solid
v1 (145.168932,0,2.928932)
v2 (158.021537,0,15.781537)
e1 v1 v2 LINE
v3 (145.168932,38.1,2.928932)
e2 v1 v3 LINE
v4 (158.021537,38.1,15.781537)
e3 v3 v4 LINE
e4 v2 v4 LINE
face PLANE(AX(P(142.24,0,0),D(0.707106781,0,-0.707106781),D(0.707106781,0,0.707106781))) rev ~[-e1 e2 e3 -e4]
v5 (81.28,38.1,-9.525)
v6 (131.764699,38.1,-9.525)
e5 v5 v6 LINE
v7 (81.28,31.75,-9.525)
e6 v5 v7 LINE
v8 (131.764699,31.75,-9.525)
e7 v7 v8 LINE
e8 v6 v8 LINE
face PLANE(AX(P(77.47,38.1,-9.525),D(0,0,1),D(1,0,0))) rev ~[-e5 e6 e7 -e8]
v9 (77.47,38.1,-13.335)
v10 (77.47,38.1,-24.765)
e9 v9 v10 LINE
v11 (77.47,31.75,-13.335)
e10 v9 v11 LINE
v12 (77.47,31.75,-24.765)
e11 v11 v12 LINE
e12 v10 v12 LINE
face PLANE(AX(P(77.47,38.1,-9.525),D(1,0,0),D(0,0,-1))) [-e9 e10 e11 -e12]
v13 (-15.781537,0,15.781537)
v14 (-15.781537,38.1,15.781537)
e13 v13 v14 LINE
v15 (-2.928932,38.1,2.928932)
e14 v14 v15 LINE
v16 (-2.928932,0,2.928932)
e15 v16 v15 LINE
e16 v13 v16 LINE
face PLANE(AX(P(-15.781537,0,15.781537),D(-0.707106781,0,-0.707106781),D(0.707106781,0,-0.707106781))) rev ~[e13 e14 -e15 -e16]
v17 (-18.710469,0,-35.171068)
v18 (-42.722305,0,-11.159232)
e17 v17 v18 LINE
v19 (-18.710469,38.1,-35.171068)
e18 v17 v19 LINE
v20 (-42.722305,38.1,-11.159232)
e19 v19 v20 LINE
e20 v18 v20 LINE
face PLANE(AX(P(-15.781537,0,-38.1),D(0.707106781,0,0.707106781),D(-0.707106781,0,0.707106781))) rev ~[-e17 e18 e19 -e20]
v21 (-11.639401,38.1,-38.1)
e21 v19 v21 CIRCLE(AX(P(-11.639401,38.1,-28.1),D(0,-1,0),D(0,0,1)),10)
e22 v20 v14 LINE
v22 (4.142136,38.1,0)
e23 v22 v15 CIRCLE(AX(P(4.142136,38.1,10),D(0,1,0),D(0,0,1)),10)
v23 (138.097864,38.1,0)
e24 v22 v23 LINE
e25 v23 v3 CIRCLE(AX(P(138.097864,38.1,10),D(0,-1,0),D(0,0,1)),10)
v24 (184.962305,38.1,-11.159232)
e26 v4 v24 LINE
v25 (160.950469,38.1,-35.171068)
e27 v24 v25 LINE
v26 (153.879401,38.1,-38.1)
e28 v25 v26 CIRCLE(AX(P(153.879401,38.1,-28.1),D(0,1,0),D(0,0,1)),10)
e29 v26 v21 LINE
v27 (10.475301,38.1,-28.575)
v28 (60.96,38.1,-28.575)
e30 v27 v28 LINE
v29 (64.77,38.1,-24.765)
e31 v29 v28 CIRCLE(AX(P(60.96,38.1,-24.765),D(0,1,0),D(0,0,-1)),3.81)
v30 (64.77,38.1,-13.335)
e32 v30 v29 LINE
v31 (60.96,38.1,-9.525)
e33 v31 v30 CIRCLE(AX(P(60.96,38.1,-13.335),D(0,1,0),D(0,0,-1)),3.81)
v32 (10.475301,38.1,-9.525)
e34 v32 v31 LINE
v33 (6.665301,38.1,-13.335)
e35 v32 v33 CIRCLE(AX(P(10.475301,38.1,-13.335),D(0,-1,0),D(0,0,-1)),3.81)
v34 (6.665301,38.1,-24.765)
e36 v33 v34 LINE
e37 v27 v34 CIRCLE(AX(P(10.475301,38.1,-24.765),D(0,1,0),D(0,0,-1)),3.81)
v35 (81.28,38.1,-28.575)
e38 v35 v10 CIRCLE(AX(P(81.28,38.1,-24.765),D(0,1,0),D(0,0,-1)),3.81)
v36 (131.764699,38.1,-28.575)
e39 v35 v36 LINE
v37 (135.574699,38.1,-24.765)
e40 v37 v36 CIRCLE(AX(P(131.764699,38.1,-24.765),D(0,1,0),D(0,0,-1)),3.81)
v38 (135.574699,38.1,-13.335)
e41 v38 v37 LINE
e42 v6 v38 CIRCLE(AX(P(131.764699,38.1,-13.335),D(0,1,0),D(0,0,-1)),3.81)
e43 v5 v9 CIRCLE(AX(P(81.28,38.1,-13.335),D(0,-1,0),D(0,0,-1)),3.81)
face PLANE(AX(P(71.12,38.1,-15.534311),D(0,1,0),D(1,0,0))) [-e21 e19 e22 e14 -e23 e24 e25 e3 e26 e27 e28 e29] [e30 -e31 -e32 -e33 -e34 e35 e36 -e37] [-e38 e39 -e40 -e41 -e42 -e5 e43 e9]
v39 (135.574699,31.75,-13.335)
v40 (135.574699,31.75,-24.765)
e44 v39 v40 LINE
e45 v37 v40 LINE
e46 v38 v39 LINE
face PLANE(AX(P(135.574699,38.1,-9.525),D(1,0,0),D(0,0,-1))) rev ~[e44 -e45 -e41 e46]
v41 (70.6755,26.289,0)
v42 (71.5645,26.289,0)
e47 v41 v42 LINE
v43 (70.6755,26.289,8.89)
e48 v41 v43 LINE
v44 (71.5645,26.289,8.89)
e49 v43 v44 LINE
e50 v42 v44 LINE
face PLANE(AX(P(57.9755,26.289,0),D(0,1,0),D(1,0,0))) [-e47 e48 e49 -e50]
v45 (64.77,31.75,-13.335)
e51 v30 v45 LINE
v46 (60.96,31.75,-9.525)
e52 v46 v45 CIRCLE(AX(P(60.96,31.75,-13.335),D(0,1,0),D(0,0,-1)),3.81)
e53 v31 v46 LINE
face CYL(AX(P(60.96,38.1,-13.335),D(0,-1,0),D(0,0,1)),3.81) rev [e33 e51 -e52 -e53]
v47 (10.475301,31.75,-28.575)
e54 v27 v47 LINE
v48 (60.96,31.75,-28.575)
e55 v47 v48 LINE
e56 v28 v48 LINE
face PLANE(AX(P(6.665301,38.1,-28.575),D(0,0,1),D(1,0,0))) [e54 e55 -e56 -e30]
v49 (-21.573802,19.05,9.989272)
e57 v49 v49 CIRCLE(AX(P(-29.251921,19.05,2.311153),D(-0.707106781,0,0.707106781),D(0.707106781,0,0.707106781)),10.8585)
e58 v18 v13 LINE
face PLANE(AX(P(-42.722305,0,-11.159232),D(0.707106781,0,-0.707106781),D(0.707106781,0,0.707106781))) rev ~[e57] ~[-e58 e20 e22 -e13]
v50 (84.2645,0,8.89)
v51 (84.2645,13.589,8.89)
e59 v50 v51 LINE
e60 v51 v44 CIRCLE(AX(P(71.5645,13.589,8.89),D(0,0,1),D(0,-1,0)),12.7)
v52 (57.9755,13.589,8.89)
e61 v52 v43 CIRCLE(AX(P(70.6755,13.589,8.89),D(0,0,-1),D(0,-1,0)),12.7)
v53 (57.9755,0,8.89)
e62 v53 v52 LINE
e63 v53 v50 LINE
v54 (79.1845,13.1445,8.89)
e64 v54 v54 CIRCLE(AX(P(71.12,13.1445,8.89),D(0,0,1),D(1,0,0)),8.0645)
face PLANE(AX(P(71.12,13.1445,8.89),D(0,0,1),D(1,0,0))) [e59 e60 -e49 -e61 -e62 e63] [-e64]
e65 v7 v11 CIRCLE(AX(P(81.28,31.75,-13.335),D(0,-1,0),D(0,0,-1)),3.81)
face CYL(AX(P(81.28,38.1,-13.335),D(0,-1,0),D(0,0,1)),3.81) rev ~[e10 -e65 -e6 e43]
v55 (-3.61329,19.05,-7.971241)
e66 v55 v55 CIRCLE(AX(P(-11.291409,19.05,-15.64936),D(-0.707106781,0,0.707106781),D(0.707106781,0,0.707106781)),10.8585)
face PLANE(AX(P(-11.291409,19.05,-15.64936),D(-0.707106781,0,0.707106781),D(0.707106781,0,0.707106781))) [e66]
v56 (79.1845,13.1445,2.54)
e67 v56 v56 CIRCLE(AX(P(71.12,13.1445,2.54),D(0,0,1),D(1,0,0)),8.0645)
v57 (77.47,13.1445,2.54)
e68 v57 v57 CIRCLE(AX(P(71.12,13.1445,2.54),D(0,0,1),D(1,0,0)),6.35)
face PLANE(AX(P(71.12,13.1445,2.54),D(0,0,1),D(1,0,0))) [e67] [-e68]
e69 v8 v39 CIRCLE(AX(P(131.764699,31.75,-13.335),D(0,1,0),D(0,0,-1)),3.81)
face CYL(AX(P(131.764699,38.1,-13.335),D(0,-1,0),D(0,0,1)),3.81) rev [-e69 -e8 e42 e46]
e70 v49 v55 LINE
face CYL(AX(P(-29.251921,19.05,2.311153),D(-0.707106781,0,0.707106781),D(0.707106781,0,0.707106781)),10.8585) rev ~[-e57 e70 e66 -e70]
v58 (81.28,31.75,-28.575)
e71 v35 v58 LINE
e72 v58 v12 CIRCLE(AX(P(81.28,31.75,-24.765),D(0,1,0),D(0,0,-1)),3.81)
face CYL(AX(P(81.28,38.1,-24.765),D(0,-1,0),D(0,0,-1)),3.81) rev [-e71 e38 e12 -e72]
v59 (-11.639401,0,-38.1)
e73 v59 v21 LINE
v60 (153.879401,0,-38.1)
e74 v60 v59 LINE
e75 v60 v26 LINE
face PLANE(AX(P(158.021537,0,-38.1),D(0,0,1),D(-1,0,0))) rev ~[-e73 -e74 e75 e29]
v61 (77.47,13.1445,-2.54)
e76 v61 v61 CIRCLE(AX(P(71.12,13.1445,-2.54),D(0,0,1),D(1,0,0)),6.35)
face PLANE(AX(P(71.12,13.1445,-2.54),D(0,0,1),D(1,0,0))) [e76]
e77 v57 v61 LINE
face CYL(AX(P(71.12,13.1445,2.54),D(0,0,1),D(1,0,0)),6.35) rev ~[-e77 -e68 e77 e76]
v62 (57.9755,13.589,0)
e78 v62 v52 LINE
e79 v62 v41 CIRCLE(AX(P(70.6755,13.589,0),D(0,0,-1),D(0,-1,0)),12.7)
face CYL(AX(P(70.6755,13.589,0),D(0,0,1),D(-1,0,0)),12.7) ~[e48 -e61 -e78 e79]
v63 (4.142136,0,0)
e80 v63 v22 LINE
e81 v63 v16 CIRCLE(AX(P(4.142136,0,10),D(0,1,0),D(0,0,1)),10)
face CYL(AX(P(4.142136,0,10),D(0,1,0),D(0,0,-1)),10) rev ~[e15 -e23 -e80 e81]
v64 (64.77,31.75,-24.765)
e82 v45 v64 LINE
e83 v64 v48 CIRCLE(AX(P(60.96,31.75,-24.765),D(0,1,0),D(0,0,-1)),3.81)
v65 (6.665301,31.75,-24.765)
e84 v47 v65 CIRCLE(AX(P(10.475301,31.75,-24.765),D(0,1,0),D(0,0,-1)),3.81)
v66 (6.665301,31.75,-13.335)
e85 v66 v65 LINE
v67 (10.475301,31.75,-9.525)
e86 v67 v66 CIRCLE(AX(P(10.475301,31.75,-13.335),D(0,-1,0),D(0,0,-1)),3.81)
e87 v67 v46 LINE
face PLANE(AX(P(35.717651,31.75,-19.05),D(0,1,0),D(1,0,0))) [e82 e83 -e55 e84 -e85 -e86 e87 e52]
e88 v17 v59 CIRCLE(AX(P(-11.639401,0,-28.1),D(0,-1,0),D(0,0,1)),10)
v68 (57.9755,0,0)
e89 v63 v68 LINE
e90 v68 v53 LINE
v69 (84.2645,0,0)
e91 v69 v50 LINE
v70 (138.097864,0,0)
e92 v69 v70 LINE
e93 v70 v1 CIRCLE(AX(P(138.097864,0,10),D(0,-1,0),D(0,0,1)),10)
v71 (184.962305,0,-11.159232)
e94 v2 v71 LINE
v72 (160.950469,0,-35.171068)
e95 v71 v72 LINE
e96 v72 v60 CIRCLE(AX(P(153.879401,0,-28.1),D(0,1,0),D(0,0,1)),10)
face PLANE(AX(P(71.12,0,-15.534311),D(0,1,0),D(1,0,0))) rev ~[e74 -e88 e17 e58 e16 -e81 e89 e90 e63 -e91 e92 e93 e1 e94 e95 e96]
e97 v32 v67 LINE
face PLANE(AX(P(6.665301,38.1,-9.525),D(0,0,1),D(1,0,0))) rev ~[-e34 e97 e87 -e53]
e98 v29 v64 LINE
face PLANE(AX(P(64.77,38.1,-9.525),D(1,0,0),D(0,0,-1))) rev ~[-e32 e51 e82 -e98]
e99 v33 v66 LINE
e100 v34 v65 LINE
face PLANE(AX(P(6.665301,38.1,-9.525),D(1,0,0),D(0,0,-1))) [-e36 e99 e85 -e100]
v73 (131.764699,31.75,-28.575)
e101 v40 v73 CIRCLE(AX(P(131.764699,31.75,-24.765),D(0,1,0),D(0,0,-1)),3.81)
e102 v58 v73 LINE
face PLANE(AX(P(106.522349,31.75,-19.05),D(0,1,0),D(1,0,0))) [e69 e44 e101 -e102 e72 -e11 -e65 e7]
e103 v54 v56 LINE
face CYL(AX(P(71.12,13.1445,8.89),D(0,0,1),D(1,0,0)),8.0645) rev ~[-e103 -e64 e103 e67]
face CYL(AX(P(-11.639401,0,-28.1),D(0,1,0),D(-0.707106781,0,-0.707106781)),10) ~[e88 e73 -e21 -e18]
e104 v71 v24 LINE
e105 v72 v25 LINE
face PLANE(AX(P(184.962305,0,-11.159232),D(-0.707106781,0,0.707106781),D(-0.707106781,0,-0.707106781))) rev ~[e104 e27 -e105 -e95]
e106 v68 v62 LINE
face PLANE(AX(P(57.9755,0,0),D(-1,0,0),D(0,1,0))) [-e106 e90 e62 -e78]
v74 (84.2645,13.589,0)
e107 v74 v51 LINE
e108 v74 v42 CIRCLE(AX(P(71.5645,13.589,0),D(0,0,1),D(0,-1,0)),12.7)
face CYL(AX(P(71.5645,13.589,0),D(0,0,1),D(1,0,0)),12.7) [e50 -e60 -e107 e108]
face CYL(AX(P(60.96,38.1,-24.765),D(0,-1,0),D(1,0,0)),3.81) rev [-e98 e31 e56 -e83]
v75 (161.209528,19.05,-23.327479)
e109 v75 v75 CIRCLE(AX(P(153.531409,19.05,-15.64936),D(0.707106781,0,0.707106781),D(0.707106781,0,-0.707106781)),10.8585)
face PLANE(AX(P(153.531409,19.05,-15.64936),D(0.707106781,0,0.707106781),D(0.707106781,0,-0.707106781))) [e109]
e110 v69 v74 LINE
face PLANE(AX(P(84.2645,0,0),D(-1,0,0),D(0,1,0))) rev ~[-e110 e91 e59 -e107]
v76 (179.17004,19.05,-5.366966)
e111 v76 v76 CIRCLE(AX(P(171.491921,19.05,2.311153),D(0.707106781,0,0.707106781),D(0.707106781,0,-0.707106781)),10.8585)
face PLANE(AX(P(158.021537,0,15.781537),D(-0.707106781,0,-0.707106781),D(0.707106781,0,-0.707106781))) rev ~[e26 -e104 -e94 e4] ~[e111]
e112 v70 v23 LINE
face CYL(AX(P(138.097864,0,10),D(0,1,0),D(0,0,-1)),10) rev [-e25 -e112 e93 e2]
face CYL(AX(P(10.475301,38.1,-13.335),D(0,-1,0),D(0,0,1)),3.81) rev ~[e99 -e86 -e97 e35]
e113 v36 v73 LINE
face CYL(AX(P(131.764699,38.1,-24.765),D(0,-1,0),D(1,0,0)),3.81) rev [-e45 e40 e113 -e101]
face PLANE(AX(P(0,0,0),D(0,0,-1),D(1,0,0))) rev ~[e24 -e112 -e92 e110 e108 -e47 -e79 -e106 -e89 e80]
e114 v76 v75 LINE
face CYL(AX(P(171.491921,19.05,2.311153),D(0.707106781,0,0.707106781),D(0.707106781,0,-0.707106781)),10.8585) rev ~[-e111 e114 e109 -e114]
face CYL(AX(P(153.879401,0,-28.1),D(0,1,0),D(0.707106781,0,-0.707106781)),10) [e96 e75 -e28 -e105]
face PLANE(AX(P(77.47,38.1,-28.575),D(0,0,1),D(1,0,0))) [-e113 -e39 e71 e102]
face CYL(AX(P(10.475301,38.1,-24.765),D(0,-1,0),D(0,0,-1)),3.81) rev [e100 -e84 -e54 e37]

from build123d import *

# Parameters (mm, degrees)
BOSS_EXTRUDE1_DEPTH = 38.1
SKETCH2_R           = 10.8585
CUT_EXTRUDE1_DEPTH  = 25.4
SKETCH3_R           = 10.8585
CUT_EXTRUDE2_DEPTH  = 25.4
FILLET1_R           = 10
FILLET2_R           = 10
SKETCH5_W           = 26.289
SKETCH5_H           = 26.289
BOSS_EXTRUDE2_DEPTH = 8.89
SKETCH6_R           = 8.0645
CUT_EXTRUDE3_DEPTH  = 6.35
SKETCH7_R           = 6.35
CUT_EXTRUDE4_DEPTH  = 5.08
FILLET3_R           = 12.7
SKETCH8_W           = 58.1046987
SKETCH8_H           = 19.05
CUT_EXTRUDE5_DEPTH  = 6.35
FILLET4_R           = 3.81


with BuildPart() as part:
    # Sketch1 → Boss-Extrude1 (new body)
    with BuildSketch(Plane(origin=(0, 0, 0), x_dir=(1, 0, 0), z_dir=(0, 1, 0))):
        Polygon((0, 0), (142.24, 0), (158.021536726, -15.781536726), (184.96230509, 11.159231637), (158.021536726, 38.1), (-15.781536726, 38.1), (-42.72230509, 11.159231637), (-15.781536726, -15.781536726), align=None)
    extrude(amount=BOSS_EXTRUDE1_DEPTH)

    # Sketch2 → Cut-Extrude1 (cut)
    with BuildSketch(Plane(origin=(-15.781536726, 0, 15.781536726), x_dir=(0.7071067811865477, 0, 0.7071067811865475), z_dir=(-0.7071067811865475, 0, 0.7071067811865477))):
        with Locations((-19.05, 19.05)):
            Circle(SKETCH2_R)
    extrude(amount=-CUT_EXTRUDE1_DEPTH, mode=Mode.SUBTRACT)

    # Sketch3 → Cut-Extrude2 (cut)
    with BuildSketch(Plane(origin=(86.901536726, 0, 86.901536726), x_dir=(0.7071067811865478, 0, -0.7071067811865474), z_dir=(0.7071067811865474, 0, 0.7071067811865478))):
        with Locations((119.628868556, 19.05)):
            Circle(SKETCH3_R)
    extrude(amount=-CUT_EXTRUDE2_DEPTH, mode=Mode.SUBTRACT)

    # Fillet1
    fillet1_edges = [part.edges().sort_by_distance(p)[0] for p in [
        (142.24, 19.05, 0),
        (0, 19.05, 0),
    ]]
    fillet(fillet1_edges, radius=FILLET1_R)

    # Fillet2
    fillet2_edges = [part.edges().sort_by_distance(p)[0] for p in [
        (-15.781536726, 19.05, -38.1),
        (158.021536726, 19.05, -38.1),
    ]]
    fillet(fillet2_edges, radius=FILLET2_R)

    # Sketch5 → Boss-Extrude2 (add)
    with BuildSketch(Plane.XY):
        with Locations((71.12, 13.1445)):
            Rectangle(SKETCH5_W, SKETCH5_H)
    extrude(amount=BOSS_EXTRUDE2_DEPTH)

    # Sketch6 → Cut-Extrude3 (cut)
    with BuildSketch(Plane.XY.offset(8.89)):
        with Locations((71.12, 13.1445)):
            Circle(SKETCH6_R)
    extrude(amount=-CUT_EXTRUDE3_DEPTH, mode=Mode.SUBTRACT)

    # Sketch7 → Cut-Extrude4 (cut)
    with BuildSketch(Plane.XY.offset(2.54)):
        with Locations((71.12, 13.1445)):
            Circle(SKETCH7_R)
    extrude(amount=-CUT_EXTRUDE4_DEPTH, mode=Mode.SUBTRACT)

    # Fillet3
    fillet3_edges = [part.edges().sort_by_distance(p)[0] for p in [
        (57.9755, 26.289, 4.445),
        (84.2645, 26.289, 4.445),
    ]]
    fillet(fillet3_edges, radius=FILLET3_R)

    # Sketch8 → Cut-Extrude5 (cut)
    with BuildSketch(Plane(origin=(0, 38.1, 0), x_dir=(1, 0, 0), z_dir=(0, 1, 0))):
        with Locations((35.71765065, 19.05)):
            Rectangle(SKETCH8_W, SKETCH8_H)
        with Locations((106.52234935, 19.05)):
            Rectangle(SKETCH8_W, SKETCH8_H)
    extrude(amount=-CUT_EXTRUDE5_DEPTH, mode=Mode.SUBTRACT)

    # Fillet4
    fillet4_edges = [part.edges().sort_by_distance(p)[0] for p in [
        (6.6653013, 34.925, -9.525),
        (6.6653013, 34.925, -28.575),
        (64.77, 34.925, -28.575),
        (64.77, 34.925, -9.525),
        (135.5746987, 34.925, -28.575),
        (135.5746987, 34.925, -9.525),
        (77.47, 34.925, -9.525),
        (77.47, 34.925, -28.575),
    ]]
    fillet(fillet4_edges, radius=FILLET4_R)


solid = part.part
